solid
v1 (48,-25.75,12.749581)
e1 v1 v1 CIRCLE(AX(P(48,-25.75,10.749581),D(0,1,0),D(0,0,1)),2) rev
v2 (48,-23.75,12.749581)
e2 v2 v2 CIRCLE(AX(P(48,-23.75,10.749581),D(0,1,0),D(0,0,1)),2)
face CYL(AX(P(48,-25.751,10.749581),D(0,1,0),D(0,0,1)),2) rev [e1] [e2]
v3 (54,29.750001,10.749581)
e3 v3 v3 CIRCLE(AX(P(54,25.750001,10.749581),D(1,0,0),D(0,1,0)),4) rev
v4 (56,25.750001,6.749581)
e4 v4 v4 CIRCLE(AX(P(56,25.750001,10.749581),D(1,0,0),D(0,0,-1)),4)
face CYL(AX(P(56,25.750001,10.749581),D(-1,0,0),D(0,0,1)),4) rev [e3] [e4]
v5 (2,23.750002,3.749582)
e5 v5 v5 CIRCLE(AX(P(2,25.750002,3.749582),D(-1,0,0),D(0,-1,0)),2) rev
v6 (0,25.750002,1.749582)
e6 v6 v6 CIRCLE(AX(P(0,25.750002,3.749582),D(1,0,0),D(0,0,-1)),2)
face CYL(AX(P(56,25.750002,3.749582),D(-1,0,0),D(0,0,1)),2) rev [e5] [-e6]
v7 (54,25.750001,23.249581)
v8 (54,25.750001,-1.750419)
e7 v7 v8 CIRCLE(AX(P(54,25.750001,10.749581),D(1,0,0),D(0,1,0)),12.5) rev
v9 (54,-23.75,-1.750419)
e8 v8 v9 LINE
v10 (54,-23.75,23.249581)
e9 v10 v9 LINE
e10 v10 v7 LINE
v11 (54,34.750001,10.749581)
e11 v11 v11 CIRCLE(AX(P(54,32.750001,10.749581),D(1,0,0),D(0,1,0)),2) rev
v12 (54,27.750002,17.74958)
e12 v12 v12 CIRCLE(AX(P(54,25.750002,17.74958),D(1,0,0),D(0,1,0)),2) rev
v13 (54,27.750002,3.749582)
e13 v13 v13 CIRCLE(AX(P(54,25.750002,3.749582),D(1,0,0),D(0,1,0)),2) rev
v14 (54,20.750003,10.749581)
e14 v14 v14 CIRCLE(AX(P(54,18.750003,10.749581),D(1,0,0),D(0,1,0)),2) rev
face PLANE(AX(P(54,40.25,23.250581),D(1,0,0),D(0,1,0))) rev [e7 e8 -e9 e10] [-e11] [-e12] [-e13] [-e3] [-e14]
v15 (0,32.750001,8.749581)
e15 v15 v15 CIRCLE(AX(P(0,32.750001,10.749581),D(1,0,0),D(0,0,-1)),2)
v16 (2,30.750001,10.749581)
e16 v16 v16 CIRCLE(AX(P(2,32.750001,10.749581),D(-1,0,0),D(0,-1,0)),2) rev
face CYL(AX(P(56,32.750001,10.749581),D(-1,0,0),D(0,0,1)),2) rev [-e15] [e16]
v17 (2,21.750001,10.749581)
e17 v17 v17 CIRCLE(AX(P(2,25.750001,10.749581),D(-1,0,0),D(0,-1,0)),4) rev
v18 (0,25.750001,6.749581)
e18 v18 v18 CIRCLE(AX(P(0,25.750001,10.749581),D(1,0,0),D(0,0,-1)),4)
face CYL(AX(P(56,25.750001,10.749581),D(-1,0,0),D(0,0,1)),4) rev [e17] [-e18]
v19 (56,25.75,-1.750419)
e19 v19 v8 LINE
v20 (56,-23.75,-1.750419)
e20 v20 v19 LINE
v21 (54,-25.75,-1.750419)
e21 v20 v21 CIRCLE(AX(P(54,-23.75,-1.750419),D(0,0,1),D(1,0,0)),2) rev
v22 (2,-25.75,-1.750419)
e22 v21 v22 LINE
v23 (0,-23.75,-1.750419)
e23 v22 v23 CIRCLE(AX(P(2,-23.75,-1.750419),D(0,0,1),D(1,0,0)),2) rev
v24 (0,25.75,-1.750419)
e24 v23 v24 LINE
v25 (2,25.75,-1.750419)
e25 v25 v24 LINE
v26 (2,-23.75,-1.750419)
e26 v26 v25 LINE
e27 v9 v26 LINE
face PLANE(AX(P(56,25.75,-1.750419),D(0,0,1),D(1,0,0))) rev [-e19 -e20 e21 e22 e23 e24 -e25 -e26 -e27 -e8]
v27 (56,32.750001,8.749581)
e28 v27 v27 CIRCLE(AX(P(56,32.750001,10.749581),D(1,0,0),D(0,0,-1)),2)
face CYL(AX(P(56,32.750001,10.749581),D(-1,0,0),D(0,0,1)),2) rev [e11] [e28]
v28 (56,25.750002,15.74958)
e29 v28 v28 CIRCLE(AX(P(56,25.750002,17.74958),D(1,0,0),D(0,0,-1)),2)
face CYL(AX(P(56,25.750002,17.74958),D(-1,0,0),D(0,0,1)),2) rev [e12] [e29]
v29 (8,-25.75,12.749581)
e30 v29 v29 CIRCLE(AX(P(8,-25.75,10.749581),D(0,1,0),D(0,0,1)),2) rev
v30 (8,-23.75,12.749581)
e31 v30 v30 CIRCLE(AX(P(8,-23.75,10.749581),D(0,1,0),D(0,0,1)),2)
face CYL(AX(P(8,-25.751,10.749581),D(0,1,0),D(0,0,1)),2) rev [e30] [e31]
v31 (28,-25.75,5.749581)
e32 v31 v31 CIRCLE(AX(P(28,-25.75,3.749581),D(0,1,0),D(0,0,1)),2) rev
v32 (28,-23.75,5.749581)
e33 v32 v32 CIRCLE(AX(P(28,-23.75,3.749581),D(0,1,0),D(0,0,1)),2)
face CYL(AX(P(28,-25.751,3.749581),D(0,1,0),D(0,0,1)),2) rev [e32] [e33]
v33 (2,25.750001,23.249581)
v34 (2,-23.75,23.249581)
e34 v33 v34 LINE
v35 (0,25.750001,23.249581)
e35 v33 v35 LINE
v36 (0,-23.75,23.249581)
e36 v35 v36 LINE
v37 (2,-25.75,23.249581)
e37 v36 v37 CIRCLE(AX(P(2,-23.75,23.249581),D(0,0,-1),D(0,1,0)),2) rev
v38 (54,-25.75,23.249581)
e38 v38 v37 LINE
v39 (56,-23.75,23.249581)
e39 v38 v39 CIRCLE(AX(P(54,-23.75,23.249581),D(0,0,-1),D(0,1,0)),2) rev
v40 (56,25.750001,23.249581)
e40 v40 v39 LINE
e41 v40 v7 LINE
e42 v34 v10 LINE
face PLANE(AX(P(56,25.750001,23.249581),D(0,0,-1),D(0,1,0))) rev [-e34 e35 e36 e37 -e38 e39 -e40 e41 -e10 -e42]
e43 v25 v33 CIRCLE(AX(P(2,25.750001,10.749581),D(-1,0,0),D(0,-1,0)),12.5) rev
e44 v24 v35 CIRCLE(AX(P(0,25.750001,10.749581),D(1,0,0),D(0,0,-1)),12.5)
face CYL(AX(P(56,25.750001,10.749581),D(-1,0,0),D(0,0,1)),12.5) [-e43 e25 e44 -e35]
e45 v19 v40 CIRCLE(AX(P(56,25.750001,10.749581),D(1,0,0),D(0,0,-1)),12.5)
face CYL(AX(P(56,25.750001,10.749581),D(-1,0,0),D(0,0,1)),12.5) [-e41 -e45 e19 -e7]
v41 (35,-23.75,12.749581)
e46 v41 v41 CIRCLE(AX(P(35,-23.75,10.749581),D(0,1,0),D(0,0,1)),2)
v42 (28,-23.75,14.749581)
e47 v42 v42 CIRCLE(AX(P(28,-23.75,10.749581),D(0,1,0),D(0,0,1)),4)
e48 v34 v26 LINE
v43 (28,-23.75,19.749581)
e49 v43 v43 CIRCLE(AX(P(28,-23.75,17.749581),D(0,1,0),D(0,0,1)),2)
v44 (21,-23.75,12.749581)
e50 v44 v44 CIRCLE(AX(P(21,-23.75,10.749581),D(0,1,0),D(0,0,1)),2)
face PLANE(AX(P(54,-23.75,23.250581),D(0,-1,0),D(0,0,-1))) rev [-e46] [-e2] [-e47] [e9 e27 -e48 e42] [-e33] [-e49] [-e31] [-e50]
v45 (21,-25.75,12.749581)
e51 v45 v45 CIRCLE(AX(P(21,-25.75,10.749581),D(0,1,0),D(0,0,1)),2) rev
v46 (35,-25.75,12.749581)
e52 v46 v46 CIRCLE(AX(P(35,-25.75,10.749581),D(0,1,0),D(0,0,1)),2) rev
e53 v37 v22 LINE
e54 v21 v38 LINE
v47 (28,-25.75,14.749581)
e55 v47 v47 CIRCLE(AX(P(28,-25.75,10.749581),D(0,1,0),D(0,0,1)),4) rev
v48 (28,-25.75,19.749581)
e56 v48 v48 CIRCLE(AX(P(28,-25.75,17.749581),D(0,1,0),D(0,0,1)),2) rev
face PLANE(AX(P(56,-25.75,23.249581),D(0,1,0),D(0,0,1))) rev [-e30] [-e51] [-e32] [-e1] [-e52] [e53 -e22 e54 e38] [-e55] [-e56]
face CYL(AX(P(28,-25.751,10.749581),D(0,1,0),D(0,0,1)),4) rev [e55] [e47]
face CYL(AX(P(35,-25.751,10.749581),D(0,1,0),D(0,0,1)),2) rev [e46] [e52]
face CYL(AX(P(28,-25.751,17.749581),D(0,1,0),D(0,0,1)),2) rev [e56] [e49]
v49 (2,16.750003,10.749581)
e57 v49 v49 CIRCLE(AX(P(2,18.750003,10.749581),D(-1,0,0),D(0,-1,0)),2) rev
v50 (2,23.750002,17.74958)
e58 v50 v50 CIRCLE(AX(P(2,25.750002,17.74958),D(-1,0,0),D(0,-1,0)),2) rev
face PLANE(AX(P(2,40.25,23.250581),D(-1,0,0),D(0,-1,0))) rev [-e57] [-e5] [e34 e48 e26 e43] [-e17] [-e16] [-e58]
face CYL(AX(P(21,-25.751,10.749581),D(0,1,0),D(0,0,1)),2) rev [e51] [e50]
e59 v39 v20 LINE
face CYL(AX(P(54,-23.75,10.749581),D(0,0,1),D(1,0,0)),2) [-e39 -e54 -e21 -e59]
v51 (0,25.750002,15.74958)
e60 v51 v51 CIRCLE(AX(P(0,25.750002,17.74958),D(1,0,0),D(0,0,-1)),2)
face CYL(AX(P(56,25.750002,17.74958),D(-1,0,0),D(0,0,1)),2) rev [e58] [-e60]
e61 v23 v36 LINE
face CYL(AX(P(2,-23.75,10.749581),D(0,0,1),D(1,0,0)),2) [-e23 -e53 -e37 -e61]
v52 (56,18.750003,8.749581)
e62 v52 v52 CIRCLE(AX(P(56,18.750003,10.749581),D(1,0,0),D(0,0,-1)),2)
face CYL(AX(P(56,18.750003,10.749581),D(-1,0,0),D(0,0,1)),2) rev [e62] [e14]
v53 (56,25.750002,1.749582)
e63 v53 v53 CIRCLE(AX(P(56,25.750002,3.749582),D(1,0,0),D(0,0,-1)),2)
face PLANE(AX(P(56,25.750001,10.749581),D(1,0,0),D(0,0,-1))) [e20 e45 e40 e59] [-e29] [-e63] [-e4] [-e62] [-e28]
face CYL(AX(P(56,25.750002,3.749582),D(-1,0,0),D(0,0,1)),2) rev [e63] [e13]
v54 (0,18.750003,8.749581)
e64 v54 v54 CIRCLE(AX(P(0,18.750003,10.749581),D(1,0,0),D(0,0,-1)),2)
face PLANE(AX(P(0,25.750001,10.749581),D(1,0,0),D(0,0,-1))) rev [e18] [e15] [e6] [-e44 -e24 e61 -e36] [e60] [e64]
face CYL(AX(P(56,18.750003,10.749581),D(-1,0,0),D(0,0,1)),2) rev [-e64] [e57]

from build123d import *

# Parameters (mm, degrees)
SKETCH_2_R          = 4
SKETCH_2_R_2        = 2
EXTRUDE_1_DEPTH     = 56
CUT_EXTRUDE_1_REACH = 27
SKETCH_3_W          = 52
SKETCH_3_H          = 64
CUT_EXTRUDE_2_REACH = 4
SKETCH_4_R          = 4
SKETCH_4_R_2        = 2
FILLET_1_R          = 2
FILLET_2_R          = 2


with BuildPart() as part:
    # 草图2 → 凸台-拉伸1 (new body)
    with BuildSketch(Plane(origin=(0, 0, 0), x_dir=(0, 0, -1), z_dir=(1, 0, 0))):
        with BuildLine():
            Line((-23.249580799, 25.750000985), (-23.249580799, -25.75))
            Line((-23.249580799, -25.75), (1.750419201, -25.75))
            Line((1.750419201, -25.75), (1.750419201, 25.75))
            ThreePointArc((1.750419201, 25.75), (-10.749580306, 38.250000985), (-23.249580799, 25.750000985))
        make_face()
        with Locations((-10.749580799, 25.750000985)):
            Circle(SKETCH_2_R, mode=Mode.SUBTRACT)
        with Locations((-10.749580799, 32.750000985)):
            Circle(SKETCH_2_R_2, mode=Mode.SUBTRACT)
        with Locations((-17.749579814, 25.75000197)):
            Circle(SKETCH_2_R_2, mode=Mode.SUBTRACT)
        with Locations((-10.749580799, 18.750002956)):
            Circle(SKETCH_2_R_2, mode=Mode.SUBTRACT)
        with Locations((-3.749581784, 25.75000197)):
            Circle(SKETCH_2_R_2, mode=Mode.SUBTRACT)
    extrude(amount=EXTRUDE_1_DEPTH)

    # 草图3 → 切除-拉伸1 (cut, up to next)
    with BuildSketch(Plane(origin=(0, 0, -1.750419201), x_dir=(-1, 0, 0), z_dir=(0, 0, -1)), mode=Mode.PRIVATE) as cut_extrude_1_sk1:
        with Locations((-28, 8.25)):
            Rectangle(SKETCH_3_W, SKETCH_3_H)
    cut_extrude_1_tool1 = extrude(cut_extrude_1_sk1.sketch, amount=-CUT_EXTRUDE_1_REACH, mode=Mode.PRIVATE) & part.part
    add(cut_extrude_1_tool1.solids().sort_by_distance((28, 8.25, -1.750419))[0], mode=Mode.SUBTRACT)

    # 草图4 → 切除-拉伸2 (cut, up to next)
    with BuildSketch(Plane(origin=(0, -23.75, 0), x_dir=(1, 0, 0), z_dir=(0, 1, 0)), mode=Mode.PRIVATE) as cut_extrude_2_sk1:
        with Locations((28, -10.749580799)):
            Circle(SKETCH_4_R)
    cut_extrude_2_tool1 = extrude(cut_extrude_2_sk1.sketch, amount=-CUT_EXTRUDE_2_REACH, mode=Mode.PRIVATE) & part.part
    add(cut_extrude_2_tool1.solids().sort_by_distance((28, -23.75, 10.749581))[0], mode=Mode.SUBTRACT)
    # 草图4 → 切除-拉伸2 (cut, up to next)
    with BuildSketch(Plane(origin=(0, -23.75, 0), x_dir=(1, 0, 0), z_dir=(0, 1, 0)), mode=Mode.PRIVATE) as cut_extrude_2_sk2:
        with Locations((35, -10.749580799)):
            Circle(SKETCH_4_R_2)
    cut_extrude_2_tool2 = extrude(cut_extrude_2_sk2.sketch, amount=-CUT_EXTRUDE_2_REACH, mode=Mode.PRIVATE) & part.part
    add(cut_extrude_2_tool2.solids().sort_by_distance((35, -23.75, 10.749581))[0], mode=Mode.SUBTRACT)
    # 草图4 → 切除-拉伸2 (cut, up to next)
    with BuildSketch(Plane(origin=(0, -23.75, 0), x_dir=(1, 0, 0), z_dir=(0, 1, 0)), mode=Mode.PRIVATE) as cut_extrude_2_sk3:
        with Locations((28, -17.749580799)):
            Circle(SKETCH_4_R_2)
    cut_extrude_2_tool3 = extrude(cut_extrude_2_sk3.sketch, amount=-CUT_EXTRUDE_2_REACH, mode=Mode.PRIVATE) & part.part
    add(cut_extrude_2_tool3.solids().sort_by_distance((28, -23.75, 17.749581))[0], mode=Mode.SUBTRACT)
    # 草图4 → 切除-拉伸2 (cut, up to next)
    with BuildSketch(Plane(origin=(0, -23.75, 0), x_dir=(1, 0, 0), z_dir=(0, 1, 0)), mode=Mode.PRIVATE) as cut_extrude_2_sk4:
        with Locations((21, -10.749580799)):
            Circle(SKETCH_4_R_2)
    cut_extrude_2_tool4 = extrude(cut_extrude_2_sk4.sketch, amount=-CUT_EXTRUDE_2_REACH, mode=Mode.PRIVATE) & part.part
    add(cut_extrude_2_tool4.solids().sort_by_distance((21, -23.75, 10.749581))[0], mode=Mode.SUBTRACT)
    # 草图4 → 切除-拉伸2 (cut, up to next)
    with BuildSketch(Plane(origin=(0, -23.75, 0), x_dir=(1, 0, 0), z_dir=(0, 1, 0)), mode=Mode.PRIVATE) as cut_extrude_2_sk5:
        with Locations((28, -3.749580799)):
            Circle(SKETCH_4_R_2)
    cut_extrude_2_tool5 = extrude(cut_extrude_2_sk5.sketch, amount=-CUT_EXTRUDE_2_REACH, mode=Mode.PRIVATE) & part.part
    add(cut_extrude_2_tool5.solids().sort_by_distance((28, -23.75, 3.749581))[0], mode=Mode.SUBTRACT)
    # 草图4 → 切除-拉伸2 (cut, up to next)
    with BuildSketch(Plane(origin=(0, -23.75, 0), x_dir=(1, 0, 0), z_dir=(0, 1, 0)), mode=Mode.PRIVATE) as cut_extrude_2_sk6:
        with Locations((8, -10.749580799)):
            Circle(SKETCH_4_R_2)
    cut_extrude_2_tool6 = extrude(cut_extrude_2_sk6.sketch, amount=-CUT_EXTRUDE_2_REACH, mode=Mode.PRIVATE) & part.part
    add(cut_extrude_2_tool6.solids().sort_by_distance((8, -23.75, 10.749581))[0], mode=Mode.SUBTRACT)
    # 草图4 → 切除-拉伸2 (cut, up to next)
    with BuildSketch(Plane(origin=(0, -23.75, 0), x_dir=(1, 0, 0), z_dir=(0, 1, 0)), mode=Mode.PRIVATE) as cut_extrude_2_sk7:
        with Locations((48, -10.749580799)):
            Circle(SKETCH_4_R_2)
    cut_extrude_2_tool7 = extrude(cut_extrude_2_sk7.sketch, amount=-CUT_EXTRUDE_2_REACH, mode=Mode.PRIVATE) & part.part
    add(cut_extrude_2_tool7.solids().sort_by_distance((48, -23.75, 10.749581))[0], mode=Mode.SUBTRACT)

    # 圆角1
    fillet_1_edges = [part.edges().sort_by_distance(p)[0] for p in [
        (56, -25.75, 10.749580799),
    ]]
    fillet(fillet_1_edges, radius=FILLET_1_R)

    # 圆角2
    fillet_2_edges = [part.edges().sort_by_distance(p)[0] for p in [
        (0, -25.75, 10.749580799),
    ]]
    fillet(fillet_2_edges, radius=FILLET_2_R)


solid = part.part
